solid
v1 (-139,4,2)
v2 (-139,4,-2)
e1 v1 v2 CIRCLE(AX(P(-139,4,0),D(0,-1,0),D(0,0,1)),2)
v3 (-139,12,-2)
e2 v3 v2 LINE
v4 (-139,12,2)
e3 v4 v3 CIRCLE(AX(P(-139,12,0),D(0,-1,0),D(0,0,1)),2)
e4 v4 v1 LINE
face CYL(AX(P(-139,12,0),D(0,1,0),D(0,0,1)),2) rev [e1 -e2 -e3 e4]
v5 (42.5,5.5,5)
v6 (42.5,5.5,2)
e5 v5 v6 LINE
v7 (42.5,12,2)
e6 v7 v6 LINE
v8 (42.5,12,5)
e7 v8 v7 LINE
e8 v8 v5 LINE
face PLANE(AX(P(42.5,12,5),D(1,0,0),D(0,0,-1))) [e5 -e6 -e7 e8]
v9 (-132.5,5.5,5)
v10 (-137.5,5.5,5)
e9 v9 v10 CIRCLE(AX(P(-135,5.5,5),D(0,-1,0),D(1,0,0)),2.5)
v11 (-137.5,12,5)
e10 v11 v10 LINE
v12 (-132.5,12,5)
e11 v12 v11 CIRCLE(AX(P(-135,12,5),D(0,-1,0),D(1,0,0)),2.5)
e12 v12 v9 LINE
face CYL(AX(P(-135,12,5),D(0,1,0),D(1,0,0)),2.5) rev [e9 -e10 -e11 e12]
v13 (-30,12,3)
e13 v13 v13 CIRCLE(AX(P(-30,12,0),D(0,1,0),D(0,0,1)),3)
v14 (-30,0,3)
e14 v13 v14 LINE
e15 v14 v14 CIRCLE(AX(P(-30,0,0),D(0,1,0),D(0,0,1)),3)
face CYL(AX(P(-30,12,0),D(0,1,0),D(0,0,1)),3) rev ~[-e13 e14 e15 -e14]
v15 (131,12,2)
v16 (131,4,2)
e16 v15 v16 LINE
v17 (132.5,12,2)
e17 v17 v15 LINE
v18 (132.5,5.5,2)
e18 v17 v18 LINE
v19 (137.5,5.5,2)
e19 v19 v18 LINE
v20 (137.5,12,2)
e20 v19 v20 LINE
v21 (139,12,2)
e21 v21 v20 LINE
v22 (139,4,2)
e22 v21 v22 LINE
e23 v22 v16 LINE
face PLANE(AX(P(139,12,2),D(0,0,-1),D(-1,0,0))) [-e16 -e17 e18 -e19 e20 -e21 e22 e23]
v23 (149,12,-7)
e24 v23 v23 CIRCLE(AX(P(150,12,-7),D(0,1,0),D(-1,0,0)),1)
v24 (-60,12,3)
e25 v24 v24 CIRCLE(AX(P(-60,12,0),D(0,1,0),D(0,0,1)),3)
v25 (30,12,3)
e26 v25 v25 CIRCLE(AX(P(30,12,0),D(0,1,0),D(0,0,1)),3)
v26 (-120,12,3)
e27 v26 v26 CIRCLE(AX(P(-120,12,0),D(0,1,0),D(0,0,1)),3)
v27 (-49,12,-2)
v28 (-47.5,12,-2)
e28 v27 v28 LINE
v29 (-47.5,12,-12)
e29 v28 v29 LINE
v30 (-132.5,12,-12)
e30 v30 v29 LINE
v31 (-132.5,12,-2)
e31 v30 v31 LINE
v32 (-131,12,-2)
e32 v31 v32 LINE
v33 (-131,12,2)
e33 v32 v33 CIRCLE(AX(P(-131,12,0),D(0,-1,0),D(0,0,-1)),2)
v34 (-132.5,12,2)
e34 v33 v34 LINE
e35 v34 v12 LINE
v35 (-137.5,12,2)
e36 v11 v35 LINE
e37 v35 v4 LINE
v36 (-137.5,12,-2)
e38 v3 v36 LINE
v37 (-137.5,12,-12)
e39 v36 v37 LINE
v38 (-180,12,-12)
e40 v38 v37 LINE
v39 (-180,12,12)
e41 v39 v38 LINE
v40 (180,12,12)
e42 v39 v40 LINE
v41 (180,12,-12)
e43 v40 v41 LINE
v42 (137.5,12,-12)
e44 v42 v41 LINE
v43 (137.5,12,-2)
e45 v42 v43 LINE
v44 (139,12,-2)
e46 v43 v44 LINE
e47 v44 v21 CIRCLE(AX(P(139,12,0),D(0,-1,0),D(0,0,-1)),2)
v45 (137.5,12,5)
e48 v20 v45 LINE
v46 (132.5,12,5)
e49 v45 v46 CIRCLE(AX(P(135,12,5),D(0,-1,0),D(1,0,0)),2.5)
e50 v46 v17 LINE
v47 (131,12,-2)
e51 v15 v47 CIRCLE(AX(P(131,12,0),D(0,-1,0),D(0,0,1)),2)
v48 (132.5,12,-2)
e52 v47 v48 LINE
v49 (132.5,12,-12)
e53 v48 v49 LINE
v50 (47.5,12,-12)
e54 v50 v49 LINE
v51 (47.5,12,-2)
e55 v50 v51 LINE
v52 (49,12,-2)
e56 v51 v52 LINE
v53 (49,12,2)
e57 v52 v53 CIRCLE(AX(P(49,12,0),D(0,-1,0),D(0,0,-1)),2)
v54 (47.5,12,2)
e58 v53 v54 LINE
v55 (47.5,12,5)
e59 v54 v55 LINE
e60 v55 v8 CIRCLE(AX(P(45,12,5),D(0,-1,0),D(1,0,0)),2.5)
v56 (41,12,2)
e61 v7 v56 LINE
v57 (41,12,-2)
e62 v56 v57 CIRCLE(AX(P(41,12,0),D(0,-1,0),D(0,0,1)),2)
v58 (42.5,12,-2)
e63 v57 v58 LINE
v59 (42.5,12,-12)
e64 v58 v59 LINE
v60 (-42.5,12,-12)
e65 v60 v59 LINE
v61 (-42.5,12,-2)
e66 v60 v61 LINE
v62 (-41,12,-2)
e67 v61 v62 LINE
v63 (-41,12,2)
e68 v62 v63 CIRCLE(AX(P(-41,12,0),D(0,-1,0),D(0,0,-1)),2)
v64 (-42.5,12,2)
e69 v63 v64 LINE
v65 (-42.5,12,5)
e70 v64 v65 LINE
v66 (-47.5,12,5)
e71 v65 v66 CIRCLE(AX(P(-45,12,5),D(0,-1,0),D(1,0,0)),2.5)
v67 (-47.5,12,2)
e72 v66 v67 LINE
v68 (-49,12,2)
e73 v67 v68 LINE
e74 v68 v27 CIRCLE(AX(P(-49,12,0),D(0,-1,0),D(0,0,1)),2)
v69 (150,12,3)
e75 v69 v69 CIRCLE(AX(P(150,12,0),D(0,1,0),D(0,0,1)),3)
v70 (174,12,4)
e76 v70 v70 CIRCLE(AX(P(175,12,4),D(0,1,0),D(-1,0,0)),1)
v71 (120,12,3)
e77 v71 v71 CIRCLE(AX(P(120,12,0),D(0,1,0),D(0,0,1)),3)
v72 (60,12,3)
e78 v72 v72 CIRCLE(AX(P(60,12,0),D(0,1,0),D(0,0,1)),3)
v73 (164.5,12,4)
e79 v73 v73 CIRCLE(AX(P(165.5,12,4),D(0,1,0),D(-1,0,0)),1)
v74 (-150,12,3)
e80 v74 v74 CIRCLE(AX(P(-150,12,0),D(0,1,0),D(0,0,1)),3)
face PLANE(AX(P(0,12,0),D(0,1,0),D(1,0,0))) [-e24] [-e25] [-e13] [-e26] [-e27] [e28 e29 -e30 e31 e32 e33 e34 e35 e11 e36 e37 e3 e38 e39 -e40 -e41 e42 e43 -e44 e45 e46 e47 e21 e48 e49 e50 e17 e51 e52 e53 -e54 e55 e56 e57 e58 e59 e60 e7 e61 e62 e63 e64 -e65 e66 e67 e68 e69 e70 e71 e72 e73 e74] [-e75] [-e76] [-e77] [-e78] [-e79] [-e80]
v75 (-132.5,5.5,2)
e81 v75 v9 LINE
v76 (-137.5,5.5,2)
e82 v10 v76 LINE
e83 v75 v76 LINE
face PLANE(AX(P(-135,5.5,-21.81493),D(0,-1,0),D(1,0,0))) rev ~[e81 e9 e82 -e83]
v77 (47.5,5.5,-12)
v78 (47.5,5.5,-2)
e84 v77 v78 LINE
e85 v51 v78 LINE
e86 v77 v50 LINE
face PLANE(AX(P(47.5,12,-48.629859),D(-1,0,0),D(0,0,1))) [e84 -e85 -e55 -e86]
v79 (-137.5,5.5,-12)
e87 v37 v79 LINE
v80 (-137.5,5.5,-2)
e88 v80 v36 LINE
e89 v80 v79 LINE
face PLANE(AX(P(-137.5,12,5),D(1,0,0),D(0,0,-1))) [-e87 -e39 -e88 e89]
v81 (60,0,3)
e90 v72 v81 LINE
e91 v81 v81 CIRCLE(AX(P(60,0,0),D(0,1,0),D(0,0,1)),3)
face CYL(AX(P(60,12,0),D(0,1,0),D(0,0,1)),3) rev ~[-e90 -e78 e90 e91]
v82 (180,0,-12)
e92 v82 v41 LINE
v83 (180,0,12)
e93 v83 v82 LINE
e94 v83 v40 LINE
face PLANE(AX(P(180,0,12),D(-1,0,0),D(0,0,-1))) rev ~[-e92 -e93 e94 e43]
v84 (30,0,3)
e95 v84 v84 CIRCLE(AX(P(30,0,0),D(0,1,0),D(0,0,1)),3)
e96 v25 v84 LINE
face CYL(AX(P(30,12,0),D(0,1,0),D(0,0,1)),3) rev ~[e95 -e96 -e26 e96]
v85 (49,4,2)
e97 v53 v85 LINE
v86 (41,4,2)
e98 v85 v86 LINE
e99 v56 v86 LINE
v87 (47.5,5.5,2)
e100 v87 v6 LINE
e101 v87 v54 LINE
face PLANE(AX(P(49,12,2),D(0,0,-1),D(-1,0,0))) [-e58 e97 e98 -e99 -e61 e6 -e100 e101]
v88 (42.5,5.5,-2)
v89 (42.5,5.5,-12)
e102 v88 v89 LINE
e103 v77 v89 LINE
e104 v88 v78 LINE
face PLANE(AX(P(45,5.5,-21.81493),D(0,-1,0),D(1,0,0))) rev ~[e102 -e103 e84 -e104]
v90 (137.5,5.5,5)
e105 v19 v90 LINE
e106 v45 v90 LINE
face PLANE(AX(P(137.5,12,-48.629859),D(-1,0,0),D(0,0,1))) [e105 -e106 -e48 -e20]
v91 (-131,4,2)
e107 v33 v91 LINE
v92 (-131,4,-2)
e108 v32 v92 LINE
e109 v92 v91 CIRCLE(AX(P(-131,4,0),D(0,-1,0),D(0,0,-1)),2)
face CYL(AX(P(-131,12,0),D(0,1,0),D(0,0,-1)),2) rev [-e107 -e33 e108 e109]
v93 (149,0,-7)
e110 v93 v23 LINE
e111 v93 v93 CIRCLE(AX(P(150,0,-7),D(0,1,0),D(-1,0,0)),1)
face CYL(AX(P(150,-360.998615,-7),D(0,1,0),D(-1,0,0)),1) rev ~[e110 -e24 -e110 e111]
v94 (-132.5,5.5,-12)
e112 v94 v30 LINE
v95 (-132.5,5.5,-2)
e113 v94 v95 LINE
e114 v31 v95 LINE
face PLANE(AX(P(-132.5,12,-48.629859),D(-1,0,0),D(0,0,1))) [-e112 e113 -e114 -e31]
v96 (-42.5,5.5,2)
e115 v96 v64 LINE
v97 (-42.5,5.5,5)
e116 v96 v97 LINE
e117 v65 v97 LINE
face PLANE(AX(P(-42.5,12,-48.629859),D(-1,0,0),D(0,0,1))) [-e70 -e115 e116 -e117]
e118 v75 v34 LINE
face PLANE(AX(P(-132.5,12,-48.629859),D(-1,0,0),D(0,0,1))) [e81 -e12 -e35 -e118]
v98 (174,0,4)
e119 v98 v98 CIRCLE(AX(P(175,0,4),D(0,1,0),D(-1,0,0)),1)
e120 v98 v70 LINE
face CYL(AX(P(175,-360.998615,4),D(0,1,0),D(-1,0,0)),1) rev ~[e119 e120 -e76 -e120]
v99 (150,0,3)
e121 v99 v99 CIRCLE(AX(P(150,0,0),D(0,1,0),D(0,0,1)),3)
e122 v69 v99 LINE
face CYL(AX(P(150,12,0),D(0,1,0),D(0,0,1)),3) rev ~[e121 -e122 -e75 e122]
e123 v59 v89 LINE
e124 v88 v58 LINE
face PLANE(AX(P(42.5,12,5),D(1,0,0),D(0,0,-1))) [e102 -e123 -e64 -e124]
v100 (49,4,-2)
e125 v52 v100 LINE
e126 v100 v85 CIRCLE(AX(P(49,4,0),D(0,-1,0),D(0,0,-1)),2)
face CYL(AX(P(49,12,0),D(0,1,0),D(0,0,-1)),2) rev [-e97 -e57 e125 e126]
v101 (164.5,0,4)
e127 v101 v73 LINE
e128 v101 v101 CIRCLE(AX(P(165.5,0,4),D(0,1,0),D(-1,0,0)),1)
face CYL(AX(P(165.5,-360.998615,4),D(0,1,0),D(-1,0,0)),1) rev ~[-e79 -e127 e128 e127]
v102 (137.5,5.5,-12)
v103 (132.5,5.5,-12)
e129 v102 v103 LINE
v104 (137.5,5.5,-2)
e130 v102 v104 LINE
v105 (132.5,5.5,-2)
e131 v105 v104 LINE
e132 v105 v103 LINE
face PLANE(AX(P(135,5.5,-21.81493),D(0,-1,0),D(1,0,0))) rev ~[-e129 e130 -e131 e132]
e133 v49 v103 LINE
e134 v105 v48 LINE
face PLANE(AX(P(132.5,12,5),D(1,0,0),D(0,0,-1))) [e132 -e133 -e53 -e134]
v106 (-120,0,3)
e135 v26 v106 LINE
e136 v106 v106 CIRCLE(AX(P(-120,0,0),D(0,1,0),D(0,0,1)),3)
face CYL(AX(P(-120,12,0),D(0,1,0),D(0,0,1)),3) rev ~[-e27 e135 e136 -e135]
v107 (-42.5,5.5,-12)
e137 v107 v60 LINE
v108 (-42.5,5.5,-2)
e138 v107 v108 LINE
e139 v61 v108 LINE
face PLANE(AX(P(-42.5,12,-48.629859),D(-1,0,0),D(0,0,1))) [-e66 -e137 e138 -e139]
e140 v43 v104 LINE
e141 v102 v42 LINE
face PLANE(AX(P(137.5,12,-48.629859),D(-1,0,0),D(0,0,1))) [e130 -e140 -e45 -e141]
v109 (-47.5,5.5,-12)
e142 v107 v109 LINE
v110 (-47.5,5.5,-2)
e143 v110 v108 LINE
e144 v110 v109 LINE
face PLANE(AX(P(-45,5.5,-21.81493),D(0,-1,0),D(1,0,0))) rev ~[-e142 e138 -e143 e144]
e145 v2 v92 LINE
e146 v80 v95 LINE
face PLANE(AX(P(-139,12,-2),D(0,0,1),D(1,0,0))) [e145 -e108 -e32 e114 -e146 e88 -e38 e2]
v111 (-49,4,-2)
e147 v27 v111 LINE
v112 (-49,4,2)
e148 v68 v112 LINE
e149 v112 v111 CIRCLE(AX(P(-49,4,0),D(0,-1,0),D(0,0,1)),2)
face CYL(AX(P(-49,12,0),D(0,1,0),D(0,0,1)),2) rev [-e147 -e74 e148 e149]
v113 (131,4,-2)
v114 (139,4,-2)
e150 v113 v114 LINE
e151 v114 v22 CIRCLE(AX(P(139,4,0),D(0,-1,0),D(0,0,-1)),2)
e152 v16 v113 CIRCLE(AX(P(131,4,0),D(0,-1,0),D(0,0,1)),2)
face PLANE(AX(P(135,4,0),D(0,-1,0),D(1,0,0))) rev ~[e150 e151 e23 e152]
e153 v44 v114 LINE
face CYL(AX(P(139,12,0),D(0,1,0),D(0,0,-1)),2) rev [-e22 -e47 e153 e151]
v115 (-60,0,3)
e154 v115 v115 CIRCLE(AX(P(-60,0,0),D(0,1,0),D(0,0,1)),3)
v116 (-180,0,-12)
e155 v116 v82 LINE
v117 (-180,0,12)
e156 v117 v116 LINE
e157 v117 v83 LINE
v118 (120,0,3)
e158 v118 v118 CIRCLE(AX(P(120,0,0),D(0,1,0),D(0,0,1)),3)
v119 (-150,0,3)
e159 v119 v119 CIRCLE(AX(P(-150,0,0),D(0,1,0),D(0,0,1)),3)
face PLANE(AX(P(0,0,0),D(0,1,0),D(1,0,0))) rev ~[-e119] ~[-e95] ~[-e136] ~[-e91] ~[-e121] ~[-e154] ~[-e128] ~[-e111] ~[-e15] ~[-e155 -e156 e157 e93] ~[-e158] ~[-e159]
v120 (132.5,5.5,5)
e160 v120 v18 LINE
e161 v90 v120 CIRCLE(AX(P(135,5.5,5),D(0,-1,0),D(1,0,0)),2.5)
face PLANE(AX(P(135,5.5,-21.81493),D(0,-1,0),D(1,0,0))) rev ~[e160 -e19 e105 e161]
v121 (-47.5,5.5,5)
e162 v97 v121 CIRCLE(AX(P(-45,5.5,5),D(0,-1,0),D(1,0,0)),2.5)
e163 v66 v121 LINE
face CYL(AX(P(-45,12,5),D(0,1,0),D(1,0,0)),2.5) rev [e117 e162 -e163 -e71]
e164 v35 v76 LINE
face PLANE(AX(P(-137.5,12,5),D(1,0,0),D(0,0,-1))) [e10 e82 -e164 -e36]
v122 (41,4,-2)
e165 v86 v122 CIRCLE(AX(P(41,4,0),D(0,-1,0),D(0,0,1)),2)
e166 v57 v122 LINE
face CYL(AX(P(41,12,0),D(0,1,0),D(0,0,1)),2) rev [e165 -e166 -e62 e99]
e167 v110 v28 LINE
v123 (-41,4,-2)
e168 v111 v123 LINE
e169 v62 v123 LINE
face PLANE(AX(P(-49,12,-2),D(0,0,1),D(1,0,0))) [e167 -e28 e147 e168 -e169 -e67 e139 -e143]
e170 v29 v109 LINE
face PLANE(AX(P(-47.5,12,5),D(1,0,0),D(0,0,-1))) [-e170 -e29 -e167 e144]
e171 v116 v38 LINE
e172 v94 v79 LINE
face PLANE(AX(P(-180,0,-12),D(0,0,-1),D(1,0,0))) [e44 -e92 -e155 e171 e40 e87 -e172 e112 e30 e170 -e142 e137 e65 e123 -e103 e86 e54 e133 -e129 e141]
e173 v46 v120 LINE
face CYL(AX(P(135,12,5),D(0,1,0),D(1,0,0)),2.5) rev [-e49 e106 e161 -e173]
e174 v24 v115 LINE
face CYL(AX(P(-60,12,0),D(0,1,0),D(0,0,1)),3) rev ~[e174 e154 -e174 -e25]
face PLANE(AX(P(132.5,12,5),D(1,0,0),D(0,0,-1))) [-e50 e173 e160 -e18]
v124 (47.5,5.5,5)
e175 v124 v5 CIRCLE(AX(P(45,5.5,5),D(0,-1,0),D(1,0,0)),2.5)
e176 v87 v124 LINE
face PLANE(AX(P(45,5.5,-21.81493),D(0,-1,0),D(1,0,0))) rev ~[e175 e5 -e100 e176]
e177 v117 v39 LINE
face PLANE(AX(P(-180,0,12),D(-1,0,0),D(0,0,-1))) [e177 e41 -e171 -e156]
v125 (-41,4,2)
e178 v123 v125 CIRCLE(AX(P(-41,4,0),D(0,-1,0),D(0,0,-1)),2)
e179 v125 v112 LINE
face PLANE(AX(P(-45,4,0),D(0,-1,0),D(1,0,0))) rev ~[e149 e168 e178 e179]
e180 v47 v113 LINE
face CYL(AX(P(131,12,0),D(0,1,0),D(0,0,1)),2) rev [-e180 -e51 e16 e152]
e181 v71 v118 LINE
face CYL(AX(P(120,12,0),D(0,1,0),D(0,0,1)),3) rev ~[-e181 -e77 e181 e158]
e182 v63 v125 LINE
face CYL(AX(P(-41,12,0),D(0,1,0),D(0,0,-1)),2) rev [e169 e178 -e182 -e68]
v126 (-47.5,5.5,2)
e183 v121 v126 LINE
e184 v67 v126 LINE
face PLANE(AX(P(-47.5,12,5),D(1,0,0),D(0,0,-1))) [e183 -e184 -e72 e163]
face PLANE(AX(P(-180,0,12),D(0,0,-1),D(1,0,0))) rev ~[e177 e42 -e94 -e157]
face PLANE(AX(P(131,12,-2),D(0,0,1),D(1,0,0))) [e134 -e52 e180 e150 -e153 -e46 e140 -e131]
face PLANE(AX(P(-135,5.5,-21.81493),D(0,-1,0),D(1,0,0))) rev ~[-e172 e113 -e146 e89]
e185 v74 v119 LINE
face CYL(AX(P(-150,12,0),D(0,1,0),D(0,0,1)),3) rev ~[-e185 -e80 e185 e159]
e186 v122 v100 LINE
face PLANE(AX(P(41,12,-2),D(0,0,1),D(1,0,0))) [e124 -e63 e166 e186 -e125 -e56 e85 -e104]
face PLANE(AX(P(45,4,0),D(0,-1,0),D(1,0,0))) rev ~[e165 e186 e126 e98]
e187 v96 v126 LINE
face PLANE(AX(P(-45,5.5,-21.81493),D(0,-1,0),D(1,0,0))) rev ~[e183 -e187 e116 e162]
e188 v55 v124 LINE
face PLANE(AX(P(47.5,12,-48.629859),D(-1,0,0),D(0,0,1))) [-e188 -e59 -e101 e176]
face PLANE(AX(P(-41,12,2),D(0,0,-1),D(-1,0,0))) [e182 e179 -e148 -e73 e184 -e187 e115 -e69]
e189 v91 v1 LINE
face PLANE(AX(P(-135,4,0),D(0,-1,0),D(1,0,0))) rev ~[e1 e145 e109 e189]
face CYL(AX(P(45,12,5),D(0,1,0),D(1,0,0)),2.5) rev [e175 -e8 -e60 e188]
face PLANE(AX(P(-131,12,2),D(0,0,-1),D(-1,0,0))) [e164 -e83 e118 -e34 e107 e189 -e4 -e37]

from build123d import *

# Parameters (mm, degrees)
SKETCH1_W                = 360
SKETCH1_H                = 24
BOSS_EXTRUDE1_DEPTH      = 12
CUT_EXTRUDE1_REACH       = 182.798
SKETCH2_R                = 3
CUT_EXTRUDE2_DEPTH       = 8
CUT_EXTRUDE3_DEPTH       = 6.5
LPATTERN1_COUNT          = 4
LPATTERN1_PITCH          = 90
F_2_0_2_DIAMETER_HOLE1_D = 2


with BuildPart() as part:
    # Sketch1 → Boss-Extrude1 (new body)
    with BuildSketch(Plane(origin=(0, 0, 0), x_dir=(1, 0, 0), z_dir=(0, 1, 0))):
        Rectangle(SKETCH1_W, SKETCH1_H)
    extrude(amount=BOSS_EXTRUDE1_DEPTH)

    # Sketch2 → Cut-Extrude1 (cut, up to next)
    with BuildSketch(Plane(origin=(0, 12, 0), x_dir=(1, 0, 0), z_dir=(0, 1, 0)), mode=Mode.PRIVATE) as cut_extrude1_sk1:
        with Locations(Location((-150, 0, 0), (0, 0, 270))):
            Circle(SKETCH2_R)
    cut_extrude1_tool1 = extrude(cut_extrude1_sk1.sketch, amount=-CUT_EXTRUDE1_REACH, mode=Mode.PRIVATE) & part.part
    # Sketch2 → Cut-Extrude1 (cut, up to next)
    with BuildSketch(Plane(origin=(0, 12, 0), x_dir=(1, 0, 0), z_dir=(0, 1, 0)), mode=Mode.PRIVATE) as cut_extrude1_sk2:
        with Locations(Location((-120, 0, 0), (0, 0, 270))):
            Circle(SKETCH2_R)
    cut_extrude1_tool2 = extrude(cut_extrude1_sk2.sketch, amount=-CUT_EXTRUDE1_REACH, mode=Mode.PRIVATE) & part.part
    cut_extrude1_1 = cut_extrude1_tool1.solids().sort_by_distance((-150, 12, 0))[0]
    add(cut_extrude1_1, mode=Mode.SUBTRACT)
    cut_extrude1_2 = cut_extrude1_tool2.solids().sort_by_distance((-120, 12, 0))[0]
    add(cut_extrude1_2, mode=Mode.SUBTRACT)
    cut_extrude1 = cut_extrude1_1 + cut_extrude1_2  # Cut-Extrude1 as one shape, for the pattern or mirror that repeats it

    # Sketch11 → Cut-Extrude2 (cut)
    with BuildSketch(Plane(origin=(-63.484819349, 12, 93.481372316), x_dir=(-1, 0, 0), z_dir=(0, 1, 0))):
        with BuildLine():
            Line((67.515180651, -91.481372316), (75.515180651, -91.481372316))
            ThreePointArc((75.515180651, -91.481372316), (77.515180651, -93.481372316), (75.515180651, -95.481372316))
            Line((75.515180651, -95.481372316), (67.515180651, -95.481372316))
            ThreePointArc((67.515180651, -95.481372316), (65.515180651, -93.481372316), (67.515180651, -91.481372316))
        make_face()
    cut_extrude2 = extrude(amount=-CUT_EXTRUDE2_DEPTH, mode=Mode.SUBTRACT)

    # Sketch13 → Cut-Extrude3 (cut)
    with BuildSketch(Plane(origin=(-63.484819349, 12, 93.481372316), x_dir=(-1, 0, 0), z_dir=(0, 1, 0))):
        with BuildLine():
            Line((74.015180651, -88.481372316), (74.015180651, -142.11123171))
            ThreePointArc((74.015180651, -142.11123171), (71.515180651, -144.61123171), (69.015180651, -142.11123171))
            Line((69.015180651, -142.11123171), (69.015180651, -88.481372316))
            ThreePointArc((69.015180651, -88.481372316), (71.515180651, -85.981372316), (74.015180651, -88.481372316))
        make_face()
    cut_extrude3 = extrude(amount=-CUT_EXTRUDE3_DEPTH, mode=Mode.SUBTRACT)

    # LPattern1: Cut-Extrude1, Cut-Extrude2, Cut-Extrude3 ×4
    with Locations(*[(i * LPATTERN1_PITCH, 0, 0) for i in range(1, LPATTERN1_COUNT)]):
        add(cut_extrude1, mode=Mode.SUBTRACT)
        add(cut_extrude2, mode=Mode.SUBTRACT)
        add(cut_extrude3, mode=Mode.SUBTRACT)

    # Ø2.0 (2) Diameter Hole1 (through all)
    with Locations(Plane.XZ):
        with Locations((165.5, 4), (175, 4), (150, -7)):
            Hole(F_2_0_2_DIAMETER_HOLE1_D / 2)


solid = part.part
